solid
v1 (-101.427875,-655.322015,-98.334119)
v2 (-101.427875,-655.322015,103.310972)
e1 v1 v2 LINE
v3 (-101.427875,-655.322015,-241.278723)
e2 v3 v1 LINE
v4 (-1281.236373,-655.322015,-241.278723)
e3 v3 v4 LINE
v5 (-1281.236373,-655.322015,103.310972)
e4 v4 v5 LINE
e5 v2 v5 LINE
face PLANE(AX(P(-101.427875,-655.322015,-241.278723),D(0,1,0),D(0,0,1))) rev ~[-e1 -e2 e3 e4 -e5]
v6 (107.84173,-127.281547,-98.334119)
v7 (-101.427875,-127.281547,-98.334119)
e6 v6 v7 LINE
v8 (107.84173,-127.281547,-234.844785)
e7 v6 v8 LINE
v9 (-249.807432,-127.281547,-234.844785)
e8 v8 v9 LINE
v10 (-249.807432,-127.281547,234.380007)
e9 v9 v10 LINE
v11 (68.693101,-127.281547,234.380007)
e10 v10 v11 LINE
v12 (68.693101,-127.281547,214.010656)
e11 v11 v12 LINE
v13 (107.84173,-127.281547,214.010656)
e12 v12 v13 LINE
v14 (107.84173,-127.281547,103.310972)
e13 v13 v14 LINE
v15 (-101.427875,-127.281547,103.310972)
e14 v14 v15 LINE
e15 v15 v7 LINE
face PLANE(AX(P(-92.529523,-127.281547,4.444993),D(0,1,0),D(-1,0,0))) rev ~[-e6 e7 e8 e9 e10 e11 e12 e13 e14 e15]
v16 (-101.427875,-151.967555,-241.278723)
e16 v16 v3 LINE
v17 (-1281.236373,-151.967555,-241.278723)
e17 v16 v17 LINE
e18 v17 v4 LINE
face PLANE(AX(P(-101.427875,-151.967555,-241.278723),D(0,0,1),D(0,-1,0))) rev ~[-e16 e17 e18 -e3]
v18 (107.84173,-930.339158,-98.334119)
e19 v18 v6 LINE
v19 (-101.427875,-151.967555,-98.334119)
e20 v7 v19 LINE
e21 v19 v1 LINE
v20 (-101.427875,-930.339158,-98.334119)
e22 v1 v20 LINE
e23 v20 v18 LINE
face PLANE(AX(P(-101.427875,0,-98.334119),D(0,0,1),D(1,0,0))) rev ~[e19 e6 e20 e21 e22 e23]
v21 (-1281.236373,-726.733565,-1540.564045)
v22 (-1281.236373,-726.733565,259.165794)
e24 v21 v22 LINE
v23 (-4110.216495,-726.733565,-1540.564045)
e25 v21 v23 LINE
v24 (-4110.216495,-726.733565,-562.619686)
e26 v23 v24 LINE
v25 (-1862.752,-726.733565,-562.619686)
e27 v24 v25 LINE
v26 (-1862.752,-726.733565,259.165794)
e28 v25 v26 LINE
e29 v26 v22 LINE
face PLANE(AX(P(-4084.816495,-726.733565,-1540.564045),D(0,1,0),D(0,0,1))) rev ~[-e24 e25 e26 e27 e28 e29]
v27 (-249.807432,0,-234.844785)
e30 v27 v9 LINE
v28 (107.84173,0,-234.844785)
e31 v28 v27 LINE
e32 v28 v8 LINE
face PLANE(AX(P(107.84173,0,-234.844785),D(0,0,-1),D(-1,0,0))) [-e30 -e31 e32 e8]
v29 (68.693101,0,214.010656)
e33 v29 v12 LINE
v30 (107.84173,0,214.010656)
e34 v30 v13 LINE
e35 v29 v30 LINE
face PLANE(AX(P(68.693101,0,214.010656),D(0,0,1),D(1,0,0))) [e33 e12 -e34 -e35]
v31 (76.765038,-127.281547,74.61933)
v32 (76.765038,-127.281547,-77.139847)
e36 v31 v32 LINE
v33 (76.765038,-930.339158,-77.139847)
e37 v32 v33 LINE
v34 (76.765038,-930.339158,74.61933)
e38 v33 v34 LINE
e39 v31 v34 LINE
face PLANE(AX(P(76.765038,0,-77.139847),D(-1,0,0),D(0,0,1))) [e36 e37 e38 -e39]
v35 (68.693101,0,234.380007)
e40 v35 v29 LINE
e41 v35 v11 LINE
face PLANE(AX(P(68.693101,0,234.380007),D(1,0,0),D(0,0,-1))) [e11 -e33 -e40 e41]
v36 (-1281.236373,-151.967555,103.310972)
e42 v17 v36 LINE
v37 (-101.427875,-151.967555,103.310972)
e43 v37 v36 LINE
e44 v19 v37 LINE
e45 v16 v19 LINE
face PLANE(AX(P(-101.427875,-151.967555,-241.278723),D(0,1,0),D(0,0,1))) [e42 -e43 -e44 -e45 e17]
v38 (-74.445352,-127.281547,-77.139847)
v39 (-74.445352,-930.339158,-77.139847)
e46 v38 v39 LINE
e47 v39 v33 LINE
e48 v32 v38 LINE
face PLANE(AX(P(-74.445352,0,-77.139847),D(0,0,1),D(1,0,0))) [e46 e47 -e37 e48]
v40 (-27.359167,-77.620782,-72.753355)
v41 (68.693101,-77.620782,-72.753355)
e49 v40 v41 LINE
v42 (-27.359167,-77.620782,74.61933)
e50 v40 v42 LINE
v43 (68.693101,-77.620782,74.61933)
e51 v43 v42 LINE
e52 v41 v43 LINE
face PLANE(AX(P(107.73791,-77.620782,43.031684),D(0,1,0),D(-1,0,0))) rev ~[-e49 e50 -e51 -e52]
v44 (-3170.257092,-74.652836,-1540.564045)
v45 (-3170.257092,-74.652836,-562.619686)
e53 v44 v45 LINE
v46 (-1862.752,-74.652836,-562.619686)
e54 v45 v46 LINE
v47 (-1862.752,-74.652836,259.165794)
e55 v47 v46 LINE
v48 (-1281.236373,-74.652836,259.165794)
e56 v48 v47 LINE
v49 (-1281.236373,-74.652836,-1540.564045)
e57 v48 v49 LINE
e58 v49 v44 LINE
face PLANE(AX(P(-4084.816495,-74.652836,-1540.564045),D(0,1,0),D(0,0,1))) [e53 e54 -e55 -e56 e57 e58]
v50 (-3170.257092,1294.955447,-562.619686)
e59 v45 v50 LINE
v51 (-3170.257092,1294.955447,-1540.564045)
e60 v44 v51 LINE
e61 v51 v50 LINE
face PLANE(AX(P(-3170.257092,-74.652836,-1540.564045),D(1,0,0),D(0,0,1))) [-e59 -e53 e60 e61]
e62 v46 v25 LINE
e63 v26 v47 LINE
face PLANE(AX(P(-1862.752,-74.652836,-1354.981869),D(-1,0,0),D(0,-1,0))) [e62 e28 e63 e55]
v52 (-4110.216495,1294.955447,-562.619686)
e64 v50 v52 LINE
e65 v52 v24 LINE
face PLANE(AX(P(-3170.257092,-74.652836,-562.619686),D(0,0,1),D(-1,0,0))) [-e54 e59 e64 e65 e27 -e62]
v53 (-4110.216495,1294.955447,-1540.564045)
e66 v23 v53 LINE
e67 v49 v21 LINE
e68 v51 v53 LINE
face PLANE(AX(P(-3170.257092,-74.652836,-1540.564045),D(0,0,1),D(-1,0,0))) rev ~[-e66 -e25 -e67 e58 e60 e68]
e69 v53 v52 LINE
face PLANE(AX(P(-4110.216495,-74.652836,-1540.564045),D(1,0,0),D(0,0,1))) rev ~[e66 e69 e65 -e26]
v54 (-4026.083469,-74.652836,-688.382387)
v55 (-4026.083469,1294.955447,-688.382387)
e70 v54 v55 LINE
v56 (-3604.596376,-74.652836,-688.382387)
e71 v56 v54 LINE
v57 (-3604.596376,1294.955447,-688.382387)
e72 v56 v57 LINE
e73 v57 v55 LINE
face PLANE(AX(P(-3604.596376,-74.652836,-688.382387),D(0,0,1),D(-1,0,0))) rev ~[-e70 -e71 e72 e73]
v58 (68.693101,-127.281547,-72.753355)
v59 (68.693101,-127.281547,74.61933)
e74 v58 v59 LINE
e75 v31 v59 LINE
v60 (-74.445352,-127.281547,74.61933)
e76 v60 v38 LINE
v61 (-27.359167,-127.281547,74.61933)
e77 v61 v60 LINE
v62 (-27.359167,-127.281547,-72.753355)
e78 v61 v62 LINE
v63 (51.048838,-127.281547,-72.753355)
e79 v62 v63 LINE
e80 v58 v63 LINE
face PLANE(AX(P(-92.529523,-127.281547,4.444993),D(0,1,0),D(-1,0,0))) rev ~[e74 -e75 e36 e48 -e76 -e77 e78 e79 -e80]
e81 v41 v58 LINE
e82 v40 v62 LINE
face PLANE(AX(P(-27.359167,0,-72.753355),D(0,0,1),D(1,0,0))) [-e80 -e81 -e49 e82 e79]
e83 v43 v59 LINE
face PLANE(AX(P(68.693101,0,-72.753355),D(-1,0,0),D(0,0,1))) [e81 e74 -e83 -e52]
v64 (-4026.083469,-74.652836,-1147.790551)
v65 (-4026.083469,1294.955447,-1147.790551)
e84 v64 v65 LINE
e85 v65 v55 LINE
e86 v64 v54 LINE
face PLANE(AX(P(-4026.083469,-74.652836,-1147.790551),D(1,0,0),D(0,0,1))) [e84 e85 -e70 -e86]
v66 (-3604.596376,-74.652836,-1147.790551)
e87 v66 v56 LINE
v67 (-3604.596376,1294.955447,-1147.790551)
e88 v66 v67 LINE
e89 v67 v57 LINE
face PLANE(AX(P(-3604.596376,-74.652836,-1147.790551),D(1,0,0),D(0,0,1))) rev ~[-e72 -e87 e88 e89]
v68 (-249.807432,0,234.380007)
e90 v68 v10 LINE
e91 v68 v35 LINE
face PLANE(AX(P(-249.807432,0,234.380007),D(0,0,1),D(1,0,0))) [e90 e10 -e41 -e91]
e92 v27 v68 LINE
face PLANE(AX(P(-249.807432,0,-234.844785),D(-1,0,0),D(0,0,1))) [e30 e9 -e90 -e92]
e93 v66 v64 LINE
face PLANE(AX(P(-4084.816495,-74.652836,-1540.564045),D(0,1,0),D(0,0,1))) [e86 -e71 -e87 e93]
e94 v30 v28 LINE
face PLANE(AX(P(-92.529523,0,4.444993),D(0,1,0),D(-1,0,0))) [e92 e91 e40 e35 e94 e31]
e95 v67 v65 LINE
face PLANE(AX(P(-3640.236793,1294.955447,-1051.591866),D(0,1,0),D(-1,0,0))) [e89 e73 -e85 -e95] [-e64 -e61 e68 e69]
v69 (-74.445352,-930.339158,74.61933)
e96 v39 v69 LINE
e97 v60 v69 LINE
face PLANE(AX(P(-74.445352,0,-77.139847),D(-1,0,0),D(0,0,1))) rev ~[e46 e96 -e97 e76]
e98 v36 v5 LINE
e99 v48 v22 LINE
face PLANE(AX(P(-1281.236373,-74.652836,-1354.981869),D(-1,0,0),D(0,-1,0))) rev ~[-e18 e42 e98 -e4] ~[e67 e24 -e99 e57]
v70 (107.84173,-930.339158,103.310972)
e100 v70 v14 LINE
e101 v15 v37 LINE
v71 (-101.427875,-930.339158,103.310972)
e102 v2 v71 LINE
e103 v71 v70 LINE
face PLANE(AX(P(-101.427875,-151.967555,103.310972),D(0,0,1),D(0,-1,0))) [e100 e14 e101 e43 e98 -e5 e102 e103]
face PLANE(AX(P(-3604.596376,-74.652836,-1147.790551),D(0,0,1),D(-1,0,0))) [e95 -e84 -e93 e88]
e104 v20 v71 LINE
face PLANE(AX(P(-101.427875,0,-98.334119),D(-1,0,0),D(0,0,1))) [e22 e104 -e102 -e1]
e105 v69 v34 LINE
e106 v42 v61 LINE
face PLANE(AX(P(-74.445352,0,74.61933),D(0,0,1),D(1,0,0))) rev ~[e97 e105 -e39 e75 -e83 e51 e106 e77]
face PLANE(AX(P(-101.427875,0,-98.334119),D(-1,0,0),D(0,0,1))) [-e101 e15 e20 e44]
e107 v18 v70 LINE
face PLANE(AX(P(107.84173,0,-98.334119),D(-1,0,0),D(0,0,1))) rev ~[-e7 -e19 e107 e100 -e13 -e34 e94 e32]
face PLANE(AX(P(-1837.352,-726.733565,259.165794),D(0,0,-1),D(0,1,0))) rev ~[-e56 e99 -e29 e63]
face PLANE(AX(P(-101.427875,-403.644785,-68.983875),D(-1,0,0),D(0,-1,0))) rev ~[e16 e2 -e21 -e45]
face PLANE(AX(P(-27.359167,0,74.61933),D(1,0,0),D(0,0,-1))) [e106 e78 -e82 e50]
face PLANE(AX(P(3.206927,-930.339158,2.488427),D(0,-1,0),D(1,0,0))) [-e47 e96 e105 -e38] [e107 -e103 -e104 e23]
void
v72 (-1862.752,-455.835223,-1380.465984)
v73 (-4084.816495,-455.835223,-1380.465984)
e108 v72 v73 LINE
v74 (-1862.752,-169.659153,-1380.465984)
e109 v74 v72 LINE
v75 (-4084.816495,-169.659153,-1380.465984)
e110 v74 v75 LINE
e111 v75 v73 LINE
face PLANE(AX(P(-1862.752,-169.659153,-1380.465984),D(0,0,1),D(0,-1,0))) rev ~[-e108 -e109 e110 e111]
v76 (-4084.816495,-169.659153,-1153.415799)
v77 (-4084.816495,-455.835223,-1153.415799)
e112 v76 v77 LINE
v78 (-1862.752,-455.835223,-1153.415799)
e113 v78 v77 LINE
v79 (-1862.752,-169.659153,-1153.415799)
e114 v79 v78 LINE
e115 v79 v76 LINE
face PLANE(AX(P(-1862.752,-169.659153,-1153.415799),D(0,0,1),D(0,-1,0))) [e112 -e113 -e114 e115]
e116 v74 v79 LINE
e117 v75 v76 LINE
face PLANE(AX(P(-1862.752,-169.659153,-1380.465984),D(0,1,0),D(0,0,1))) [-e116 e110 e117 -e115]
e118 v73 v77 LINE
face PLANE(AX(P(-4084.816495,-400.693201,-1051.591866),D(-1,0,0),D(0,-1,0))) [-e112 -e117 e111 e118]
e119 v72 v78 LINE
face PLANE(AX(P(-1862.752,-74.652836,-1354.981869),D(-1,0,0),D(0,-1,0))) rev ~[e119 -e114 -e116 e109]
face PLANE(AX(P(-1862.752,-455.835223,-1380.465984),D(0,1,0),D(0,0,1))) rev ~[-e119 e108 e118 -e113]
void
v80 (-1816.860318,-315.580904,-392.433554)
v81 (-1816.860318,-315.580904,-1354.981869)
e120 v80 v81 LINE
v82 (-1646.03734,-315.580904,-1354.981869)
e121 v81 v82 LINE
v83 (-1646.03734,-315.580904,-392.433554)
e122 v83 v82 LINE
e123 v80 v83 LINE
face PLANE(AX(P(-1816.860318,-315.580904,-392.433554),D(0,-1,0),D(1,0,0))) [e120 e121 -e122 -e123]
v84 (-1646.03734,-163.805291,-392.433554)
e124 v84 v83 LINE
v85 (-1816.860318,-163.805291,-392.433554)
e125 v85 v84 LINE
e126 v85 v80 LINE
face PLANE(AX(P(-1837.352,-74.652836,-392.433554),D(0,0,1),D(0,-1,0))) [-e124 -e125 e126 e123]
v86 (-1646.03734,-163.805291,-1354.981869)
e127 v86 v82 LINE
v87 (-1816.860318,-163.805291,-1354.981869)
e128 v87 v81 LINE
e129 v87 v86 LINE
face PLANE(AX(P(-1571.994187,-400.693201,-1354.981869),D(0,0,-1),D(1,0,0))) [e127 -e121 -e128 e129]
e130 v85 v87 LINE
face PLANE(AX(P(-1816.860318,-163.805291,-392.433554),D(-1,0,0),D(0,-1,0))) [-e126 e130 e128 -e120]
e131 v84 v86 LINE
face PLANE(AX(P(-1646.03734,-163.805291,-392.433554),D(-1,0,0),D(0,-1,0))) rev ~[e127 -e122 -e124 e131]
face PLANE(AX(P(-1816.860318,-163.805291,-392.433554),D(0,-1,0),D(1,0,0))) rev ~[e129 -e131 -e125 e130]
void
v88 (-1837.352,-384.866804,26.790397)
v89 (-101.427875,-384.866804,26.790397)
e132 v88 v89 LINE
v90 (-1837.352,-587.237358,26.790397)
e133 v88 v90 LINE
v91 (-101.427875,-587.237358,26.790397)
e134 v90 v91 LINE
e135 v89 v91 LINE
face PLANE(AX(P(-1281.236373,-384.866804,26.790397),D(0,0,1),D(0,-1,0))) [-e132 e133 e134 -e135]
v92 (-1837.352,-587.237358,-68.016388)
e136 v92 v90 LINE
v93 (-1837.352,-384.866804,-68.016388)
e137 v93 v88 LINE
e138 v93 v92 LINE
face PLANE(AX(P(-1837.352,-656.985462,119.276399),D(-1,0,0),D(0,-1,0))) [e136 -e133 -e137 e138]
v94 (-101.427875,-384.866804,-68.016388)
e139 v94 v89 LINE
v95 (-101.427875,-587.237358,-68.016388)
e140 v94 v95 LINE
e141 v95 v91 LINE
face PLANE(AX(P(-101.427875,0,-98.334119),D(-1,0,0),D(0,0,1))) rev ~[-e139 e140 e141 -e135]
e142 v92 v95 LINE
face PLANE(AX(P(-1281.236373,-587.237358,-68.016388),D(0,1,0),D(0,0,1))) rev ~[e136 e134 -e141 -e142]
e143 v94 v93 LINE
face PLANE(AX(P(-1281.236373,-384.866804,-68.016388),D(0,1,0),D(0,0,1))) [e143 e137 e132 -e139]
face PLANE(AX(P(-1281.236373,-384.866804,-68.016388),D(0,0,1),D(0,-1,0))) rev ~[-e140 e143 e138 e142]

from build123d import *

# Parameters (mm, degrees)
F0_W      = 209.269605577
F0_H      = 201.645091176
F0_W_2    = 151.2103900313
F0_H_2    = 151.7591774464
F1_DEPTH  = 930.3391575813
F2_W      = 0.2076402307
F2_H      = 120.5585766584
F2_W_2    = 134.993257001
F2_H_2    = 81.0865145177
F3_DEPTH  = 77.6207819581
F4_W      = 17.644263804
F4_H      = 139.3913254142
F4_H_2    = 162.0914302766
F5_DEPTH  = 127.2815465927
F6_W      = 503.354460001
F6_H      = 344.5896953344
F6_W_2    = 202.3705542088
F6_H_2    = 94.8067847639
F7_DEPTH  = 1179.8084974289
F8_W      = 652.0807296038
F8_H      = 651.5993475914
F8_W_2    = 202.3705542088
F8_H_2    = 94.8067847639
F9_DEPTH  = 556.1156272888
F10_W     = 139.4962072372
F10_H     = 279.7787887976
F10_H_2   = 371.8205587938
F11_DEPTH = 25.4
F12_W     = 581.5156272888
F12_H     = 652.0807296038
F12_W_2   = 170.8229780197
F12_H_2   = 151.7756134272
F13_DEPTH = 962.5483155251
F14_W     = 581.5156272888
F14_H     = 652.0807296038
F15_DEPTH = 185.5821758509
F16_W     = 652.0807296038
F16_H     = 977.9443591833
F16_W_2   = 286.1760705709
F16_H_2   = 227.0501852036
F17_DEPTH = 2222.0644950867
F18_W     = 652.0807296038
F18_H     = 977.9443591833
F19_DEPTH = 25.4
F20_W     = 939.9594037414
F20_H     = 977.9443591833
F20_W_2   = 421.4870929718
F20_H_2   = 459.4081640244
F21_DEPTH = 1369.6082830429


with BuildPart() as f1:
    # F0 (on Front) → F1 (new body)
    with BuildSketch(Plane.XZ):
        with Locations((3.2069273293, 2.4884268641)):
            Rectangle(F0_W, F0_H)
        with Locations((1.1598430574, -1.2602582574)):
            Rectangle(F0_W_2, F0_H_2, mode=Mode.SUBTRACT)
    extrude(amount=F1_DEPTH)

    # F2 (on face) → F3 (join)
    with BuildSketch(Plane(origin=(0, 0, 0), x_dir=(-1, 0, 0), z_dir=(0, 1, 0))):
        with Locations((-107.7379100025, 43.031684123)):
            Rectangle(F2_W, F2_H)
        Polygon((-107.6340898871, 126.5658885241), (-107.6340898871, 103.3109724522), (27.3591671139, 103.3109724522), (101.4278754592, 103.3109724522), (101.4278754592, -98.3341187239), (27.3591671139, -98.3341187239), (-107.6340898871, -98.3341187239), (-107.6340898871, -121.4749068022), (121.2418451905, -121.4749068022), (121.2418451905, 126.5658885241), align=None)
        with Locations((-40.1374613866, 43.031684123)):
            Rectangle(F2_W_2, F2_H)
        with Locations((-107.7379100025, -57.790861465)):
            Rectangle(F2_W, F2_H_2)
        with Locations((-40.1374613866, -57.790861465)):
            Rectangle(F2_W_2, F2_H_2)
    extrude(amount=-F3_DEPTH)

    # F4 (on face) → F5 (join)
    with BuildSketch(Plane(origin=(0, 0, 0), x_dir=(-1, 0, 0), z_dir=(0, 1, 0))):
        Polygon((-51.0488376021, 74.6193304658), (27.3591671139, 74.6193304658), (27.3591671139, -72.753354907), (-51.0488376021, -72.753354907), (-51.0488376021, -234.8447851837), (249.8074322939, -234.8447851837), (249.8074322939, 234.3800067902), (-68.6931014061, 234.3800067902), (-68.6931014061, 214.01065588), (-51.0488376021, 214.01065588), align=None)
        with Locations((-59.8709695041, 144.3149931729)):
            Rectangle(F4_W, F4_H)
        Polygon((-68.6931014061, -72.753354907), (-68.6931014061, 74.6193304658), (-68.6931014061, 214.01065588), (-107.8417301178, 214.01065588), (-107.8417301178, -234.8447851837), (-68.6931014061, -234.8447851837), align=None)
        with Locations((-59.8709695041, -153.7990700454)):
            Rectangle(F4_W, F4_H_2)
    extrude(amount=-F5_DEPTH)

    # F6 (on face) → F7 (join)
    with BuildSketch(Plane(origin=(-101.4278754592, 0, 0), x_dir=(0, -1, 0), z_dir=(-1, 0, 0))):
        with Locations((403.644785285, -68.9838752151)):
            Rectangle(F6_W, F6_H)
        with Locations((486.0520809889, -20.6129951403)):
            Rectangle(F6_W_2, F6_H_2, mode=Mode.SUBTRACT)
    extrude(amount=F7_DEPTH)

    # F8 (on face) → F9 (join)
    with BuildSketch(Plane(origin=(-1281.2363728881, 0, 0), x_dir=(0, -1, 0), z_dir=(-1, 0, 0))):
        with Locations((400.6932005286, -66.6338801384)):
            Rectangle(F8_W, F8_H)
        with Locations((486.0520809889, -20.6129951403)):
            Rectangle(F8_W_2, F8_H_2, mode=Mode.SUBTRACT)
    extrude(amount=F9_DEPTH)

    # F10 (on face) → F11 (join)
    with BuildSketch(Plane(origin=(-1837.3520001769, 0, 0), x_dir=(0, -1, 0), z_dir=(-1, 0, 0))):
        with Locations((656.9854617119, 119.2763992585)):
            Rectangle(F10_W, F10_H)
        Polygon((587.2373580933, -392.4335539341), (587.2373580933, -20.6129951403), (587.2373580933, 259.1657936573), (74.6528357267, 259.1657936573), (74.6528357267, -392.4335539341), align=None)
        with Locations((656.9854617119, -206.5232745372)):
            Rectangle(F10_W, F10_H_2)
    extrude(amount=F11_DEPTH)

    # F12 (on face) → F13 (join)
    with BuildSketch(Plane(origin=(0, 0, -392.4335539341), x_dir=(1, 0, 0), z_dir=(0, 0, -1))):
        with Locations((-1571.9941865325, 400.6932005286)):
            Rectangle(F12_W, F12_H)
        with Locations((-1731.448829174, 239.6930977702)):
            Rectangle(F12_W_2, F12_H_2, mode=Mode.SUBTRACT)
    extrude(amount=F13_DEPTH)

    # F14 (on face) → F15 (join)
    with BuildSketch(Plane(origin=(0, 0, -1354.9818694592), x_dir=(1, 0, 0), z_dir=(0, 0, -1))):
        with Locations((-1571.9941865325, 400.6932005286)):
            Rectangle(F14_W, F14_H)
    extrude(amount=F15_DEPTH)

    # F16 (on face) → F17 (join)
    with BuildSketch(Plane(origin=(-1862.7520001769, 0, 0), x_dir=(0, -1, 0), z_dir=(-1, 0, 0))):
        with Locations((400.6932005286, -1051.5918657184)):
            Rectangle(F16_W, F16_H)
        with Locations((312.7471879125, -1266.9408917427)):
            Rectangle(F16_W_2, F16_H_2, mode=Mode.SUBTRACT)
    extrude(amount=F17_DEPTH)

    # F18 (on face) → F19 (join)
    with BuildSketch(Plane(origin=(-4084.8164952636, 0, 0), x_dir=(0, -1, 0), z_dir=(-1, 0, 0))):
        with Locations((400.6932005286, -1051.5918657184)):
            Rectangle(F18_W, F18_H)
    extrude(amount=F19_DEPTH)

    # F20 (on face) → F21 (join)
    with BuildSketch(Plane(origin=(0, -74.6528357267, 0), x_dir=(-1, 0, 0), z_dir=(0, 1, 0))):
        with Locations((3640.2367933929, -1051.5918657184)):
            Rectangle(F20_W, F20_H)
        with Locations((3815.339922905, -918.0864691734)):
            Rectangle(F20_W_2, F20_H_2, mode=Mode.SUBTRACT)
    extrude(amount=F21_DEPTH)


solid = f1.part
